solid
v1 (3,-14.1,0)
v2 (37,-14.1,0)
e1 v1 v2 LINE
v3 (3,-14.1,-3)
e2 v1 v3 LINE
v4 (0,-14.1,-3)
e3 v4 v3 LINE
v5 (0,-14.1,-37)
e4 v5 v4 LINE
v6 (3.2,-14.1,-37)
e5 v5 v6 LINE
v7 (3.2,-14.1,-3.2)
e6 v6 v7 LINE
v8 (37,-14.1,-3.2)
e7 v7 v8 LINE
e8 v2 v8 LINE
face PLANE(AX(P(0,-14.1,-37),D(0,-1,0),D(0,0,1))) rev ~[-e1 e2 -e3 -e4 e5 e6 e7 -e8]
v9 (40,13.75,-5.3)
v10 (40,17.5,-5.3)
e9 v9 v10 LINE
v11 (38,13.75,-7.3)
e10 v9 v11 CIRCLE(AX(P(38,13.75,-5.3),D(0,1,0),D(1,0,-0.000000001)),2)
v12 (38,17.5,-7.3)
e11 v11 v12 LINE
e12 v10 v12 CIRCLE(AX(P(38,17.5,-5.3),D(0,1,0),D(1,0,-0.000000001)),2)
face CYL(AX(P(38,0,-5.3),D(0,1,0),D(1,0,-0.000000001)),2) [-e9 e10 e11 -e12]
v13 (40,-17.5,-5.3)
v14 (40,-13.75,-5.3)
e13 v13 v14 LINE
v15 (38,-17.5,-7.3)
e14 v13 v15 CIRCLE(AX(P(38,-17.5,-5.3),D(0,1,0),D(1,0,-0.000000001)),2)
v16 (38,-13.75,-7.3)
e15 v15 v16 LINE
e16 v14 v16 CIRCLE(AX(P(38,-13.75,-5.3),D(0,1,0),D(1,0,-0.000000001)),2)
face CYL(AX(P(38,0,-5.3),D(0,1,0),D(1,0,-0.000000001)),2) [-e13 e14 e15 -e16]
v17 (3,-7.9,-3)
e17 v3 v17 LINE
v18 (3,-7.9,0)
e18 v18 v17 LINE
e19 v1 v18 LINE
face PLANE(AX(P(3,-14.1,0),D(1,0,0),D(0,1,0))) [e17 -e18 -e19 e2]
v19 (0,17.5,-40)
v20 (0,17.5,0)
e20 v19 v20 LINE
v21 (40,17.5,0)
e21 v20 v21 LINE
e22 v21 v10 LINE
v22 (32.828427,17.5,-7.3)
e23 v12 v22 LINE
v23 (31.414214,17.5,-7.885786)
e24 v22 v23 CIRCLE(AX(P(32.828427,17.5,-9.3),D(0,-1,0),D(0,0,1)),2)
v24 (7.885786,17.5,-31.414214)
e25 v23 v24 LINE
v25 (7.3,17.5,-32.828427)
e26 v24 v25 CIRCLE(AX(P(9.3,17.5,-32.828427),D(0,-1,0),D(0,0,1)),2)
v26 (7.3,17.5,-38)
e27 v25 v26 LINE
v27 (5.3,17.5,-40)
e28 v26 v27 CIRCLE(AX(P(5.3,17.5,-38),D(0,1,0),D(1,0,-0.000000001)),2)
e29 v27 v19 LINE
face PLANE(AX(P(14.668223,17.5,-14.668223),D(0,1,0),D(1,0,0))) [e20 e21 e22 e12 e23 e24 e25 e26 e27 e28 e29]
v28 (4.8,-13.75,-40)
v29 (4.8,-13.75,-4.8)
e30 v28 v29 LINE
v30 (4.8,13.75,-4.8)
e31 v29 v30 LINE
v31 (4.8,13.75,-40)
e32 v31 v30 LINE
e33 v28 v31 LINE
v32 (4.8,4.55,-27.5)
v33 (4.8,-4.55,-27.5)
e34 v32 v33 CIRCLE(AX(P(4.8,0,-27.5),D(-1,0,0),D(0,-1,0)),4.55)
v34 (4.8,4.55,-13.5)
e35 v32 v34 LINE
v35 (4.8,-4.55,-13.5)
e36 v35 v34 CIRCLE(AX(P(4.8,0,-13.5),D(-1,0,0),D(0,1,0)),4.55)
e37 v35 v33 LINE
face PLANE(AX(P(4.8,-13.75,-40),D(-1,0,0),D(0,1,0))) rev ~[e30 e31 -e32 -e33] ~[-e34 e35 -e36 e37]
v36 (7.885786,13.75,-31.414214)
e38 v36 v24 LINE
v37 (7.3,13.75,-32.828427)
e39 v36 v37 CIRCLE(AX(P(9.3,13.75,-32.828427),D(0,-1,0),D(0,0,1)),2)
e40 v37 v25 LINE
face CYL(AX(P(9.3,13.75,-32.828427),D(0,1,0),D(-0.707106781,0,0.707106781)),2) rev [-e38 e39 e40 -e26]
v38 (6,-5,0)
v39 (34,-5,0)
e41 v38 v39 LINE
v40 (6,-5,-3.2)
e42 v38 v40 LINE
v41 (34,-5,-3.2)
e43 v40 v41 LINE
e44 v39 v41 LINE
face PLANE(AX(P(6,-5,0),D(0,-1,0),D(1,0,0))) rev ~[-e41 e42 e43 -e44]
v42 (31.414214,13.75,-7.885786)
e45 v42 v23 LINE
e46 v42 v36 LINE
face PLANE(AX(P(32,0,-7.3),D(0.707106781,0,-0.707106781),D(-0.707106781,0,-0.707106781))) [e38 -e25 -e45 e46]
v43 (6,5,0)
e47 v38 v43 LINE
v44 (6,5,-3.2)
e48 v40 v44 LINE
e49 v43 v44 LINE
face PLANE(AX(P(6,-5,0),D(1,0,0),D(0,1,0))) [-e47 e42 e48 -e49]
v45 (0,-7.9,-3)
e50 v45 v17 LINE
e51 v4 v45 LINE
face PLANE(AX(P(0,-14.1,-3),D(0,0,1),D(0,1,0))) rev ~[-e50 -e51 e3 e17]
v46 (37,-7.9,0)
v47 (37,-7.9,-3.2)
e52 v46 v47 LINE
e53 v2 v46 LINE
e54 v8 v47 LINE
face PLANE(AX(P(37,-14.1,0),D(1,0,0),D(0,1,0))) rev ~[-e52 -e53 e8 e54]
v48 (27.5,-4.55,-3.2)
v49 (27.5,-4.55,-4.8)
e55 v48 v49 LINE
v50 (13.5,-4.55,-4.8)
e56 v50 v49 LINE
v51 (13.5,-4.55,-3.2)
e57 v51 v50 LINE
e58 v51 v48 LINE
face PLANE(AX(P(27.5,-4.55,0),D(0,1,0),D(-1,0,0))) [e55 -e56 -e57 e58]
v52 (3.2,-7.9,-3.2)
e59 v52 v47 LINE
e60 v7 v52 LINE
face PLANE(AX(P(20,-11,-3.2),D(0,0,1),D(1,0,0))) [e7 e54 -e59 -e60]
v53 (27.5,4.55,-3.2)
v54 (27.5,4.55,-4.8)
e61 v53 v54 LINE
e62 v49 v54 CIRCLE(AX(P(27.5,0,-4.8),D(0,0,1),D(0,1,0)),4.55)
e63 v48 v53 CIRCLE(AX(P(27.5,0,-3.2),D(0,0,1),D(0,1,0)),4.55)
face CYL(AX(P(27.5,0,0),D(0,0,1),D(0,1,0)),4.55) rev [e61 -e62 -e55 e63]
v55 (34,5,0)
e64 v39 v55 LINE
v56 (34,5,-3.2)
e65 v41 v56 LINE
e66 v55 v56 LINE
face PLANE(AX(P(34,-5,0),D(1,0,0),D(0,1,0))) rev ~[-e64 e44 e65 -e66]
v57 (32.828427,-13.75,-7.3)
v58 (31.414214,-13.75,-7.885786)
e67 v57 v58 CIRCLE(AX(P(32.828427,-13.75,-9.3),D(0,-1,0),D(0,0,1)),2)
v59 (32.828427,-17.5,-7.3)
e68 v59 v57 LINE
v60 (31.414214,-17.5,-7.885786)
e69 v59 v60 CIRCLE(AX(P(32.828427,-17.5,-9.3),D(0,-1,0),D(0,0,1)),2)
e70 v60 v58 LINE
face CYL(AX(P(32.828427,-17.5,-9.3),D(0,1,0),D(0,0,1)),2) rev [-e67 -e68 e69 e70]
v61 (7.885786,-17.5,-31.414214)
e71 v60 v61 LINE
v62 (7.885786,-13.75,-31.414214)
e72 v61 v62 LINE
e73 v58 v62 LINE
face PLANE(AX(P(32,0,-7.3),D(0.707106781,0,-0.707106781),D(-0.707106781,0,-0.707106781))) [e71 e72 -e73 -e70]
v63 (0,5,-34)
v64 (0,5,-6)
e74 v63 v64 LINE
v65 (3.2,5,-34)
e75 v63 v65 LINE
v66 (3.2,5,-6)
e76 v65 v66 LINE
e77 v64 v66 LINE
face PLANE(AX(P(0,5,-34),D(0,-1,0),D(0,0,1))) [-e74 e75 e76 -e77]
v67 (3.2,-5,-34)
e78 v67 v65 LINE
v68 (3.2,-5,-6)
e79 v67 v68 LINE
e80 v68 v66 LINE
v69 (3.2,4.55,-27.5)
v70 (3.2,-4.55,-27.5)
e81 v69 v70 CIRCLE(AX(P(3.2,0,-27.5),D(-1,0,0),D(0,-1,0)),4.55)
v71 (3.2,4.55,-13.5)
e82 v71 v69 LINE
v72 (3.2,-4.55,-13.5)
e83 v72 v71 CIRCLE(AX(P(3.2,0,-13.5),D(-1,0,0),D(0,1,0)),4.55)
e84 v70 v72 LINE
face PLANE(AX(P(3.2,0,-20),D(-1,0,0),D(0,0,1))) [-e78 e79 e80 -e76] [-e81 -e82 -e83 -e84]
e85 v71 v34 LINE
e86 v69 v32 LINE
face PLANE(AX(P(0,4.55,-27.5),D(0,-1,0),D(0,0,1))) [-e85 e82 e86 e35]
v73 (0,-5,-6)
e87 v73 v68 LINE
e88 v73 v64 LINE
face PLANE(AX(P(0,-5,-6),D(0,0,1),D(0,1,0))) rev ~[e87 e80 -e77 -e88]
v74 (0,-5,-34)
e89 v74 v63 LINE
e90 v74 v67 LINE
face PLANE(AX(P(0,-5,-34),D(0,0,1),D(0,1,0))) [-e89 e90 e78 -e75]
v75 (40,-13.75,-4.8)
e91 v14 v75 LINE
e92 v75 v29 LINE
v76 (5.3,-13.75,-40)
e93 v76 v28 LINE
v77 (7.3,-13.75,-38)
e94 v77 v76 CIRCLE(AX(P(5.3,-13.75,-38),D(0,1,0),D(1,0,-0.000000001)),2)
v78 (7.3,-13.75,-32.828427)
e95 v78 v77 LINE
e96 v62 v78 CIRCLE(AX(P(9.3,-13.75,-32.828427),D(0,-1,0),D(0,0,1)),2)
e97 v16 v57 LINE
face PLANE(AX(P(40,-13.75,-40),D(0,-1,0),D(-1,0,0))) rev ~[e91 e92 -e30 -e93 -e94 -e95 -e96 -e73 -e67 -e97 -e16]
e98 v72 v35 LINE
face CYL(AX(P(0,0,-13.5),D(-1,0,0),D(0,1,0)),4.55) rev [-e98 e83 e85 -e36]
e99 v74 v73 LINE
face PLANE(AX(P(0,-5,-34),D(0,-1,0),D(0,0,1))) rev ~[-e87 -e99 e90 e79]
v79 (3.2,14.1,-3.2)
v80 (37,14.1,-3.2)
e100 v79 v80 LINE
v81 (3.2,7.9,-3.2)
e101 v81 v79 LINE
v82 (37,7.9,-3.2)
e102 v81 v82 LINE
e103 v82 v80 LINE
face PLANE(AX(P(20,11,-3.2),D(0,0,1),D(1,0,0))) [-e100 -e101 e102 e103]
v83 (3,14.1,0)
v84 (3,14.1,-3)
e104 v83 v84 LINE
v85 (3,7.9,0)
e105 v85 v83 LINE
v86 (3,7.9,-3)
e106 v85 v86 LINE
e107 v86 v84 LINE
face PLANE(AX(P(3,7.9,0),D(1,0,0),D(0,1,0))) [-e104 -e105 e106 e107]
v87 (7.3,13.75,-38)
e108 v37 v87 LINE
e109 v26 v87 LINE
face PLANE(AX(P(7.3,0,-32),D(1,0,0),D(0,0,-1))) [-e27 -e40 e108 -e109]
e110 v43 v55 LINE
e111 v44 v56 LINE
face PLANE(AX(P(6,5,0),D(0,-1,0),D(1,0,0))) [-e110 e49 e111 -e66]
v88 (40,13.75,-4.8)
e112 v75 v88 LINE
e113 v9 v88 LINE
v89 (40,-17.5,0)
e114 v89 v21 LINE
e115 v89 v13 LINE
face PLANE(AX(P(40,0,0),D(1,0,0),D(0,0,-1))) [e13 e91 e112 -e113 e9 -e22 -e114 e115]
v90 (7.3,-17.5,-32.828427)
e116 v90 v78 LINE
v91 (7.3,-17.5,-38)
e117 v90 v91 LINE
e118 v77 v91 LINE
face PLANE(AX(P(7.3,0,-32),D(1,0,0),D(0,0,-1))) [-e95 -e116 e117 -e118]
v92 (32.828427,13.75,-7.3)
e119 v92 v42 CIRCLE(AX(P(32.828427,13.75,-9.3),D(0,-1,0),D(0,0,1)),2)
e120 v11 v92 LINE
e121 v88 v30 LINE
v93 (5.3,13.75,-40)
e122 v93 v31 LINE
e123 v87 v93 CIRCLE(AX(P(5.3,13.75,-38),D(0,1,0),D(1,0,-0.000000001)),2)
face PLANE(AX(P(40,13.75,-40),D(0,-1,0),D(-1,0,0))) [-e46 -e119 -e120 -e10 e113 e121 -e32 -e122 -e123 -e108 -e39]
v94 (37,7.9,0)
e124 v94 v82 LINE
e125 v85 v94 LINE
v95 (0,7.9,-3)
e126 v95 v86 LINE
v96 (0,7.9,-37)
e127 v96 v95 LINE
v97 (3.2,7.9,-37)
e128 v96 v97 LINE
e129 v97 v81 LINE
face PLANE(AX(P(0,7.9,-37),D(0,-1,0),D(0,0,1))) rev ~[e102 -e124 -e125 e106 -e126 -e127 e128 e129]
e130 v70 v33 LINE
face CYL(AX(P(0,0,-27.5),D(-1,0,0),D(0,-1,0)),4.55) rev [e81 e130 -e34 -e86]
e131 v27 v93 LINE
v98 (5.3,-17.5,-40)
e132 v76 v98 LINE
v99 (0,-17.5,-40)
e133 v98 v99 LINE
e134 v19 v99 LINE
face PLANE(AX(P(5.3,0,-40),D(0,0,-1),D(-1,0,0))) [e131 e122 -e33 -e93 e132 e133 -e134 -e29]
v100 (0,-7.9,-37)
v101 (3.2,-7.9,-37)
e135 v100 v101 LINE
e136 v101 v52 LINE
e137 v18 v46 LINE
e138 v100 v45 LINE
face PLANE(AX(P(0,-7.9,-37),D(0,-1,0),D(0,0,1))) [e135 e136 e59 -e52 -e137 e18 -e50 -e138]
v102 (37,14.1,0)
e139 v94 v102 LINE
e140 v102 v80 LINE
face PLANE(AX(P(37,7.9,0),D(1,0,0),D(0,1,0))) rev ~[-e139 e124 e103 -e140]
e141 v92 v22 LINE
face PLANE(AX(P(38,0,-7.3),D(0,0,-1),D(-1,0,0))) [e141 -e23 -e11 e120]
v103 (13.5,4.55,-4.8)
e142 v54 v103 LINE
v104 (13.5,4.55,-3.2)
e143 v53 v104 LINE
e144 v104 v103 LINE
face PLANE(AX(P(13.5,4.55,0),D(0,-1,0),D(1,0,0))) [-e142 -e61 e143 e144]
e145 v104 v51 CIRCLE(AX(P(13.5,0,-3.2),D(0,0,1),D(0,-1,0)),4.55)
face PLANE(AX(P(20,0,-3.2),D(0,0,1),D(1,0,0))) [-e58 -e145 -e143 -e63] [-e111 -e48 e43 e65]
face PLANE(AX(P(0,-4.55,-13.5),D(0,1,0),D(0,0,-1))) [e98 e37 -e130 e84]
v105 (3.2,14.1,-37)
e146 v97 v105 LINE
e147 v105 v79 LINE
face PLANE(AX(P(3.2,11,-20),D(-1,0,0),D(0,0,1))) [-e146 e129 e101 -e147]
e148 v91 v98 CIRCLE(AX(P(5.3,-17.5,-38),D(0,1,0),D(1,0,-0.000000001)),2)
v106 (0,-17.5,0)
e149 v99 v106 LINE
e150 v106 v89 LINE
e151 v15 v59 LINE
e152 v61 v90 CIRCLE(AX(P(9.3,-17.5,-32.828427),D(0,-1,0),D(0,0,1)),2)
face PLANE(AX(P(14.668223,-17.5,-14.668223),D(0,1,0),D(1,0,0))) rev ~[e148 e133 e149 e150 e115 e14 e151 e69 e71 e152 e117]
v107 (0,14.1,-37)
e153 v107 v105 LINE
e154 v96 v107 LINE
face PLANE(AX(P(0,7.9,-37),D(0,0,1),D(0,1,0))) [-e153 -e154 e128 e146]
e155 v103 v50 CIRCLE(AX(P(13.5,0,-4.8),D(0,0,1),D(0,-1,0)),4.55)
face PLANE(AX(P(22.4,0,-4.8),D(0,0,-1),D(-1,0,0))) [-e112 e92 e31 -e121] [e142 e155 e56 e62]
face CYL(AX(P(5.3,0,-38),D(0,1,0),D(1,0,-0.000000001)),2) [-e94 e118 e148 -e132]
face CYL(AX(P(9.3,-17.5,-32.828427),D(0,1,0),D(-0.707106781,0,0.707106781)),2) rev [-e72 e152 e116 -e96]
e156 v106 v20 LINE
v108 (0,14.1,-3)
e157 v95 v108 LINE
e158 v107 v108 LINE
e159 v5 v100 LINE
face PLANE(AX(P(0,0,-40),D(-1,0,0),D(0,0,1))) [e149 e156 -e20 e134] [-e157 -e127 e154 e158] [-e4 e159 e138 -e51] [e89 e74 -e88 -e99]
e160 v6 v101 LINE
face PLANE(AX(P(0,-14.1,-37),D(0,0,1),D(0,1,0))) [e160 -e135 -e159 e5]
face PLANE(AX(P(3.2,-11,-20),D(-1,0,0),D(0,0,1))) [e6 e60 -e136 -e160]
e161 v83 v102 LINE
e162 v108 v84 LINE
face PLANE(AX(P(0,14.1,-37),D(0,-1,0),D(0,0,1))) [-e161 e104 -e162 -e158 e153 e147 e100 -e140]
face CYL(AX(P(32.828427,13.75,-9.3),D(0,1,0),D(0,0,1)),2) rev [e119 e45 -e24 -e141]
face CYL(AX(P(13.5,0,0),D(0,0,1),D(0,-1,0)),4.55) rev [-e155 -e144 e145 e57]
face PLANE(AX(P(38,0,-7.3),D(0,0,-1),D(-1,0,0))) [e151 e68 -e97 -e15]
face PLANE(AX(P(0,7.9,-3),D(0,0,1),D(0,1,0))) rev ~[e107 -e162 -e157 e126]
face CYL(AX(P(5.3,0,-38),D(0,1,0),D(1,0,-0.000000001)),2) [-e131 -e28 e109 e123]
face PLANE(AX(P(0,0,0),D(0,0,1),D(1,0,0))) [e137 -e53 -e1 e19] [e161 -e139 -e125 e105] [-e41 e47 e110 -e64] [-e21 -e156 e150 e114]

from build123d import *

# Parameters (mm, degrees)
EXTRUDE_1_DEPTH     = 17.5
SKETCH_2_W          = 35.2
SKETCH_2_H          = 27.5
CUT_EXTRUDE_1_DEPTH = 35.2
CUT_EXTRUDE_2_DEPTH = 60.213596412
CUT_EXTRUDE_3_DEPTH = 60.213596412
SKETCH_5_W          = 34
SKETCH_5_H          = 6.2
SKETCH_5_W_2        = 28
SKETCH_5_H_2        = 10
CUT_EXTRUDE_4_DEPTH = 3.2
SKETCH_6_W          = 34
SKETCH_6_H          = 6.2
SKETCH_6_W_2        = 28
SKETCH_6_H_2        = 10
CUT_EXTRUDE_5_DEPTH = 3.2
FILLET_1_R          = 2


with BuildPart() as part:
    # Эскиз1 → Бобышка-Вытянуть1 (new, symmetric)
    with BuildSketch(Plane(origin=(0, 0, 0), x_dir=(1, 0, 0), z_dir=(0, 1, 0))):
        with BuildLine():
            Line((0, 40), (0, 0))
            Line((0, 0), (40, 0))
            Line((40, 0), (40, 5.3))
            ThreePointArc((40, 5.3), (39.414213562, 6.714213562), (38, 7.3))
            Line((38, 7.3), (32, 7.3))
            Line((32, 7.3), (7.3, 32))
            Line((7.3, 32), (7.3, 38))
            ThreePointArc((7.3, 38), (6.714213562, 39.414213562), (5.3, 40))
            Line((5.3, 40), (0, 40))
        make_face()
    extrude(amount=EXTRUDE_1_DEPTH, both=True)

    # Эскиз2 → Вырез-Вытянуть1 (cut)
    with BuildSketch(Plane(origin=(0, 0, -40), x_dir=(-1, 0, 0), z_dir=(0, 0, -1))):
        with Locations((-22.4, 0)):
            Rectangle(SKETCH_2_W, SKETCH_2_H)
    extrude(amount=-CUT_EXTRUDE_1_DEPTH, mode=Mode.SUBTRACT)

    # Эскиз3 → Вырез-Вытянуть2 (cut, through all)
    with BuildSketch(Plane.XY):
        with BuildLine():
            Line((13.5, 4.55), (27.5, 4.55))
            ThreePointArc((27.5, 4.55), (32.05, 0), (27.5, -4.55))
            Line((27.5, -4.55), (13.5, -4.55))
            ThreePointArc((13.5, -4.55), (8.95, 0), (13.5, 4.55))
        make_face()
    extrude(amount=-CUT_EXTRUDE_2_DEPTH, mode=Mode.SUBTRACT)

    # Эскиз4 → Вырез-Вытянуть3 (cut, through all)
    with BuildSketch(Plane.ZY):
        with BuildLine():
            Line((-27.5, 4.55), (-13.5, 4.55))
            ThreePointArc((-13.5, 4.55), (-8.95, 0), (-13.5, -4.55))
            Line((-13.5, -4.55), (-27.5, -4.55))
            ThreePointArc((-27.5, -4.55), (-32.05, 0), (-27.5, 4.55))
        make_face()
    extrude(amount=-CUT_EXTRUDE_3_DEPTH, mode=Mode.SUBTRACT)

    # Эскиз5 → Вырез-Вытянуть4 (cut)
    with BuildSketch(Plane.ZY):
        with Locations((-20, 11)):
            Rectangle(SKETCH_5_W, SKETCH_5_H)
        with Locations((-20, -11)):
            Rectangle(SKETCH_5_W, SKETCH_5_H)
        with Locations((-20, 0)):
            Rectangle(SKETCH_5_W_2, SKETCH_5_H_2)
    extrude(amount=-CUT_EXTRUDE_4_DEPTH, mode=Mode.SUBTRACT)

    # Эскиз6 → Вырез-Вытянуть5 (cut)
    with BuildSketch(Plane.XY):
        with Locations((20, 11)):
            Rectangle(SKETCH_6_W, SKETCH_6_H)
        with Locations((20, -11)):
            Rectangle(SKETCH_6_W, SKETCH_6_H)
        with Locations((20, 0)):
            Rectangle(SKETCH_6_W_2, SKETCH_6_H_2)
    extrude(amount=-CUT_EXTRUDE_5_DEPTH, mode=Mode.SUBTRACT)

    # Скругление1
    fillet_1_edges = [part.edges().sort_by_distance(p)[0] for p in [
        (7.3, 15.625, -32),
        (32, 15.625, -7.3),
        (7.3, -15.625, -32),
        (32, -15.625, -7.3),
    ]]
    fillet(fillet_1_edges, radius=FILLET_1_R)


solid = part.part
